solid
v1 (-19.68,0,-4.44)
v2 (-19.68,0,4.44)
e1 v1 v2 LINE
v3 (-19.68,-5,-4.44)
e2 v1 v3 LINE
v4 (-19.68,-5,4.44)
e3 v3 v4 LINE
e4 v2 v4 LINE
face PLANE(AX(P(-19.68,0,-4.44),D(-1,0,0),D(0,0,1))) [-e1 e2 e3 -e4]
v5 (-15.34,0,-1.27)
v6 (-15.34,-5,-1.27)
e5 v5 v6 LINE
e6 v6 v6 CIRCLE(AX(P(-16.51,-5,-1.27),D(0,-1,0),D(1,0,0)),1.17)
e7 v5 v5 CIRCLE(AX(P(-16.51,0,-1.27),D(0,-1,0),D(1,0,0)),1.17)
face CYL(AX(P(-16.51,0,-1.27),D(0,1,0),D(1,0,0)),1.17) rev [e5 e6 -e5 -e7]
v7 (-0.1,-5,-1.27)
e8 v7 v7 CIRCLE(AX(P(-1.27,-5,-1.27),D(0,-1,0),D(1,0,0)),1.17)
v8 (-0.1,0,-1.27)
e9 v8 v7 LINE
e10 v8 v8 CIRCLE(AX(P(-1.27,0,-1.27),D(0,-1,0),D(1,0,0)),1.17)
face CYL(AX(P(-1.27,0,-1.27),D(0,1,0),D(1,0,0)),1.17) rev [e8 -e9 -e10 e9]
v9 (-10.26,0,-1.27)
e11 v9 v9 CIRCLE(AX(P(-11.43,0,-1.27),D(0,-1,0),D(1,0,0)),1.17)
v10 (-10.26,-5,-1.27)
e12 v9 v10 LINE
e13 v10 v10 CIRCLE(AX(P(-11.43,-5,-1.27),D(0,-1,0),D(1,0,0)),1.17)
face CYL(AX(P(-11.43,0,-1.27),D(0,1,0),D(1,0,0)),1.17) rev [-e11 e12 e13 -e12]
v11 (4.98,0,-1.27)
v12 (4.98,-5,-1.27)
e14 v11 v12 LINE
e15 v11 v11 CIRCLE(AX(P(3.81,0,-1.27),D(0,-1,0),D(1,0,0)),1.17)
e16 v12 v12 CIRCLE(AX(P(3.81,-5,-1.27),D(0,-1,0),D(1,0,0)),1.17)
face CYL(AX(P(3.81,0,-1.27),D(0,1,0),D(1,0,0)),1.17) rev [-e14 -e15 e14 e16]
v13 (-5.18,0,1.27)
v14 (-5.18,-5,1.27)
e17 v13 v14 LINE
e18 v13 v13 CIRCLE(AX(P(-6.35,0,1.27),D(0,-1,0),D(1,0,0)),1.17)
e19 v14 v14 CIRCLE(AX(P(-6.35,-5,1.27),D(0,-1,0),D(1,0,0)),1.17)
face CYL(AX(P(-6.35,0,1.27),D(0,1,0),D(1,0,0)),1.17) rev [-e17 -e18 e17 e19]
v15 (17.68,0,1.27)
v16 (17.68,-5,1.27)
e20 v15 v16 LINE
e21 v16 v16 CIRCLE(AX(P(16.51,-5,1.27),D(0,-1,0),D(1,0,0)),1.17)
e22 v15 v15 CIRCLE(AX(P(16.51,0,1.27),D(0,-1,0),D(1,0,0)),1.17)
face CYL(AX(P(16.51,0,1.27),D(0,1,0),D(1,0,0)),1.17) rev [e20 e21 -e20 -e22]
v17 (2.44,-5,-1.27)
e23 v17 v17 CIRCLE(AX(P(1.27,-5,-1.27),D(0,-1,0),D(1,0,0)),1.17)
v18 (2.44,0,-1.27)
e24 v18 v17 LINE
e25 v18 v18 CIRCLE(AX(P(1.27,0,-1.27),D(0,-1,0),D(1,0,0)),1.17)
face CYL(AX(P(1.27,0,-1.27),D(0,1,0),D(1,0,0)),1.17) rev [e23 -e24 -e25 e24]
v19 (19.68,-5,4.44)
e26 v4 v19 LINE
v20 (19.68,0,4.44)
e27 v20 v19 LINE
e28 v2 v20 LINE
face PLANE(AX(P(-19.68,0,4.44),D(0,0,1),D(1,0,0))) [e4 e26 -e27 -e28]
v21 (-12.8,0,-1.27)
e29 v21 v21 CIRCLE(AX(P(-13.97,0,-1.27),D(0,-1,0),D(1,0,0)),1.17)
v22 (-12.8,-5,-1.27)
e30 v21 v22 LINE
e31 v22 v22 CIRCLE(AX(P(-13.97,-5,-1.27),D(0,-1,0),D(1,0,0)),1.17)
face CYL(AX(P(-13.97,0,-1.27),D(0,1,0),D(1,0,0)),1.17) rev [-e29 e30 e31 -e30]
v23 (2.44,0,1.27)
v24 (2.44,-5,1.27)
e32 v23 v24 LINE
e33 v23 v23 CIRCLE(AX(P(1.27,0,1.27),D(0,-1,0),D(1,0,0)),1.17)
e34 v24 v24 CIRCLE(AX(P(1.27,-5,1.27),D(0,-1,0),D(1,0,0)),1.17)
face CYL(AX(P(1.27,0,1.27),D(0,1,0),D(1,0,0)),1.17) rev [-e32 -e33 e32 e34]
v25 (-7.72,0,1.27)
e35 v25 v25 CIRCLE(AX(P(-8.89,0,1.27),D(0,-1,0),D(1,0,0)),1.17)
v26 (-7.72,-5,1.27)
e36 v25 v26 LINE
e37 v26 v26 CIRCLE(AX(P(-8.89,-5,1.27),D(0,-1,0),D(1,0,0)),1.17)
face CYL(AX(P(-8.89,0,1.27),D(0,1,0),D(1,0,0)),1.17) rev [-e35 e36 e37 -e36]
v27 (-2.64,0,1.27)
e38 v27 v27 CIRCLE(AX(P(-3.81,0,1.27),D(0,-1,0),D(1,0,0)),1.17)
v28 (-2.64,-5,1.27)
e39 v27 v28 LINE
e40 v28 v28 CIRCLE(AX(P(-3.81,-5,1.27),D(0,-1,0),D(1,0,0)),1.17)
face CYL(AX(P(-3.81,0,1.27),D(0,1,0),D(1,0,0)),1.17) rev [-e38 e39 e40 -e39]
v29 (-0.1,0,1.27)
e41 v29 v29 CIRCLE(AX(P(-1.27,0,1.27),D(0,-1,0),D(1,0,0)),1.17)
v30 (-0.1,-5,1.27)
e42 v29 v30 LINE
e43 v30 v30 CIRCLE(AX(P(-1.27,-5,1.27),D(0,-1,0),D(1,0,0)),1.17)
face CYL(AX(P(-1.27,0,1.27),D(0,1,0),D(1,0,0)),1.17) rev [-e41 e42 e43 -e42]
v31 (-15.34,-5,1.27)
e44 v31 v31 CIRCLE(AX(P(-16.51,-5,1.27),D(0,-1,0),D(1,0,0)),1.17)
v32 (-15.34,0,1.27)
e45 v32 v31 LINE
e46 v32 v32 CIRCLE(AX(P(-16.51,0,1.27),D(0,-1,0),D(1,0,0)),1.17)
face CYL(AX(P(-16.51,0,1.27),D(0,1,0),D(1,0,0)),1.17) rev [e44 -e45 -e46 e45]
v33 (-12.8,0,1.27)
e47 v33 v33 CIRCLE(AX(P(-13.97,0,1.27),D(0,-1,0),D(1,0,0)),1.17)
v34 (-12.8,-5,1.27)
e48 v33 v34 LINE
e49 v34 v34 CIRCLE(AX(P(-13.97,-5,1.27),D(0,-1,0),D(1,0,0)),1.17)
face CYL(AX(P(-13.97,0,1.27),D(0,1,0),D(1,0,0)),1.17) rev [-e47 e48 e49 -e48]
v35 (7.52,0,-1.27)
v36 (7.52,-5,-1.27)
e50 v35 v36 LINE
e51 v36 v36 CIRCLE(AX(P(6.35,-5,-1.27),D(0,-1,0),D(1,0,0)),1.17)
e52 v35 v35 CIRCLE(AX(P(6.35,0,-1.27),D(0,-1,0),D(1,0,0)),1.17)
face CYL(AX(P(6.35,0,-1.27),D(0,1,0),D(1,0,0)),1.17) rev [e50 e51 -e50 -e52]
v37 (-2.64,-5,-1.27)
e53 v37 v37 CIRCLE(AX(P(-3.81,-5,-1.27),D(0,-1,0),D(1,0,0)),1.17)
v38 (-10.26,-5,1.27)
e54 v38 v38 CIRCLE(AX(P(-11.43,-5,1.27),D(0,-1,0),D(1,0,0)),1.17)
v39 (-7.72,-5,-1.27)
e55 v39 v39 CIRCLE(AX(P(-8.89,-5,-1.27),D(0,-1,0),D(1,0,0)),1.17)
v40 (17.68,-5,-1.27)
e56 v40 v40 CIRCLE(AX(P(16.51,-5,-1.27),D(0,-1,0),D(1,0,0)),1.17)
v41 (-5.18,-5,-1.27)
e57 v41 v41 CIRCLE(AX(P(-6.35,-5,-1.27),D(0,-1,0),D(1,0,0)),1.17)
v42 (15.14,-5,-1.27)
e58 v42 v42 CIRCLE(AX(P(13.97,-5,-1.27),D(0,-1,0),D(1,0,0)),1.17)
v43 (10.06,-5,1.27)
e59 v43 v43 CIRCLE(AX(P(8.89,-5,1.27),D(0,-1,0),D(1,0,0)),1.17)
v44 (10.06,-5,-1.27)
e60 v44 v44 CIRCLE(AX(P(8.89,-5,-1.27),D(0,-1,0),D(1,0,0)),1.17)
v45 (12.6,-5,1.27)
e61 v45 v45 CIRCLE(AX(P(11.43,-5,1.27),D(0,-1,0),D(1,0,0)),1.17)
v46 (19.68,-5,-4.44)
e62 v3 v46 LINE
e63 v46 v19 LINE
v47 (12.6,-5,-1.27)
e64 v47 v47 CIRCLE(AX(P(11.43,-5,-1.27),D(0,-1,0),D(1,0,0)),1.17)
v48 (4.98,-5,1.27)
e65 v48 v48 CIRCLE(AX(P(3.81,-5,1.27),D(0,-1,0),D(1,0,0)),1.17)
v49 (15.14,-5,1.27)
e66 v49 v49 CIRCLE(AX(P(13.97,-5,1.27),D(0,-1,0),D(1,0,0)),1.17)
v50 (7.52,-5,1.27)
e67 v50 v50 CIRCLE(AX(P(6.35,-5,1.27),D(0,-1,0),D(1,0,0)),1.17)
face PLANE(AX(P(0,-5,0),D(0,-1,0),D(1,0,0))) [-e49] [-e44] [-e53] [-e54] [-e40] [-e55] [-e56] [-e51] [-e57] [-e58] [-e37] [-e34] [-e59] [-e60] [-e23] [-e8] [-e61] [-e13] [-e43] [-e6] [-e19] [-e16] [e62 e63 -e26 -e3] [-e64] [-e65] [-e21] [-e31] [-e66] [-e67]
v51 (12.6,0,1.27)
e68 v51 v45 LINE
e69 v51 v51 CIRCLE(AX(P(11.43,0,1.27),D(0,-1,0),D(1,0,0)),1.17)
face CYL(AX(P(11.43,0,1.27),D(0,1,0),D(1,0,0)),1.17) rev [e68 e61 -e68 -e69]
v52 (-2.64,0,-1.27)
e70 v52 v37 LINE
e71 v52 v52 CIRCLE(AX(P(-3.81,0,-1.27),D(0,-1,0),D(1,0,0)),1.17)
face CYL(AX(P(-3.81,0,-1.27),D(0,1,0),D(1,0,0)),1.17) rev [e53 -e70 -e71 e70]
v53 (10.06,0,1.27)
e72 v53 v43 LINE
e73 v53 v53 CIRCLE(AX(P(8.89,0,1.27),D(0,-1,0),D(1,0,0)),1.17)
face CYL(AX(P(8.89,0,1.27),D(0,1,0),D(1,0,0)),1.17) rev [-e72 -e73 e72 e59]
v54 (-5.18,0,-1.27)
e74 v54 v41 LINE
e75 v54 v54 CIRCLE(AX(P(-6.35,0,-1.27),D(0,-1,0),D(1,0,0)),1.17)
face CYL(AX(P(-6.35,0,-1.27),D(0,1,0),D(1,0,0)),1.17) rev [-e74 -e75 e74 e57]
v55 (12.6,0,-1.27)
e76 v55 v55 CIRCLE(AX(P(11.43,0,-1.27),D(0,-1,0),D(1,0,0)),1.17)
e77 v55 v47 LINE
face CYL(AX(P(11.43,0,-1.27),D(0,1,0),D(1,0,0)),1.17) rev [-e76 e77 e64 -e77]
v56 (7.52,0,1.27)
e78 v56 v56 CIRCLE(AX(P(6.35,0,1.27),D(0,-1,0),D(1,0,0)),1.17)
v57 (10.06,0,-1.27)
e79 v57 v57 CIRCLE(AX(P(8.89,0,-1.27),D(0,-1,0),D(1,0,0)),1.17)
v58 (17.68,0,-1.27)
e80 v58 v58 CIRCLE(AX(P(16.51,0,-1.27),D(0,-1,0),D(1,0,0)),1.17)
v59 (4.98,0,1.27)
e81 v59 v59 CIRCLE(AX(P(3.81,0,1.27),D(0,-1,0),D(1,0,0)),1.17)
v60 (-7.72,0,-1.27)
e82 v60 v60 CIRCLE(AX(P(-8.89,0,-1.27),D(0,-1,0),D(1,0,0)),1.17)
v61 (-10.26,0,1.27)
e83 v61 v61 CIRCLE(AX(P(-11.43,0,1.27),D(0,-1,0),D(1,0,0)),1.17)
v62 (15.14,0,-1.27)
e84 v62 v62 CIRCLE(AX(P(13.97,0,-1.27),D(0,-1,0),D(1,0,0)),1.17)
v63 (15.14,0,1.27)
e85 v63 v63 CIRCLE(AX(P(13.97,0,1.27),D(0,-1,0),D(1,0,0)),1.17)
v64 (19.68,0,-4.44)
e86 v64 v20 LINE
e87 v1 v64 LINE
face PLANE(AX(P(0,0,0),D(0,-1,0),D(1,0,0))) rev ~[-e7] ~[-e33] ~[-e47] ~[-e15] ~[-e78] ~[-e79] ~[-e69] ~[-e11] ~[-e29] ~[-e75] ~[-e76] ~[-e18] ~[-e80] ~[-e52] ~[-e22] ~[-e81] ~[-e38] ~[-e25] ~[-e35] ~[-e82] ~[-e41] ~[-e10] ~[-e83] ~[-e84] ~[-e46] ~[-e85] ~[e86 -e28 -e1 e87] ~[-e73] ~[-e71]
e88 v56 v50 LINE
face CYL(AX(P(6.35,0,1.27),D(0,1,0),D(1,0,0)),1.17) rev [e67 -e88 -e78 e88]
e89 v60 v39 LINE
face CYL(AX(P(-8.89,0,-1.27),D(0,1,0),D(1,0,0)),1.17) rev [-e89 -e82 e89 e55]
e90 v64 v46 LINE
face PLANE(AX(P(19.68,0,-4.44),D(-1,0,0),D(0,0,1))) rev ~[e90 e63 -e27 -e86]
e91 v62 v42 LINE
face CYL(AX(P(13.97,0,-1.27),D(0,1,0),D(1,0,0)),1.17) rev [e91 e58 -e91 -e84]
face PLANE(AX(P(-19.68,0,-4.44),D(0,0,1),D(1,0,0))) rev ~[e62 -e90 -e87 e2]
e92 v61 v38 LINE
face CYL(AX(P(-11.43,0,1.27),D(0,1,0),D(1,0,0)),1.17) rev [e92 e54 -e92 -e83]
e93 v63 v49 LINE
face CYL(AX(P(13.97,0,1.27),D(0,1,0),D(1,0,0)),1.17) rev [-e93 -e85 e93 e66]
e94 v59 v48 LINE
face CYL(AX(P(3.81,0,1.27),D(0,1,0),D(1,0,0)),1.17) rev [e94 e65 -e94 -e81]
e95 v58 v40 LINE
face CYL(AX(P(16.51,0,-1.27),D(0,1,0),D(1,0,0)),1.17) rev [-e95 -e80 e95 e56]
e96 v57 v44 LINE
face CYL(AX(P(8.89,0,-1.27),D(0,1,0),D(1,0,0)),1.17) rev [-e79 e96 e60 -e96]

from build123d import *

# Parameters (mm, degrees)
F0_W     = 39.36
F0_H     = 8.88
F0_R     = 1.17
F1_DEPTH = 5


with BuildPart() as f1:
    # F0 (on Front) → F1 (new body)
    with BuildSketch(Plane.XZ):
        Rectangle(F0_W, F0_H)
        with Locations((-16.51, -1.27)):
            Circle(F0_R, mode=Mode.SUBTRACT)
        with Locations((-13.97, -1.27)):
            Circle(F0_R, mode=Mode.SUBTRACT)
        with Locations((-11.43, -1.27)):
            Circle(F0_R, mode=Mode.SUBTRACT)
        with Locations((-8.89, -1.27)):
            Circle(F0_R, mode=Mode.SUBTRACT)
        with Locations((-6.35, -1.27)):
            Circle(F0_R, mode=Mode.SUBTRACT)
        with Locations((-3.81, -1.27)):
            Circle(F0_R, mode=Mode.SUBTRACT)
        with Locations((-1.27, -1.27)):
            Circle(F0_R, mode=Mode.SUBTRACT)
        with Locations((1.27, -1.27)):
            Circle(F0_R, mode=Mode.SUBTRACT)
        with Locations((3.81, -1.27)):
            Circle(F0_R, mode=Mode.SUBTRACT)
        with Locations((6.35, -1.27)):
            Circle(F0_R, mode=Mode.SUBTRACT)
        with Locations((8.89, -1.27)):
            Circle(F0_R, mode=Mode.SUBTRACT)
        with Locations((11.43, -1.27)):
            Circle(F0_R, mode=Mode.SUBTRACT)
        with Locations((13.97, -1.27)):
            Circle(F0_R, mode=Mode.SUBTRACT)
        with Locations((16.51, -1.27)):
            Circle(F0_R, mode=Mode.SUBTRACT)
        with Locations((-16.51, 1.27)):
            Circle(F0_R, mode=Mode.SUBTRACT)
        with Locations((-13.97, 1.27)):
            Circle(F0_R, mode=Mode.SUBTRACT)
        with Locations((-11.43, 1.27)):
            Circle(F0_R, mode=Mode.SUBTRACT)
        with Locations((-8.89, 1.27)):
            Circle(F0_R, mode=Mode.SUBTRACT)
        with Locations((-6.35, 1.27)):
            Circle(F0_R, mode=Mode.SUBTRACT)
        with Locations((-3.81, 1.27)):
            Circle(F0_R, mode=Mode.SUBTRACT)
        with Locations((-1.27, 1.27)):
            Circle(F0_R, mode=Mode.SUBTRACT)
        with Locations((1.27, 1.27)):
            Circle(F0_R, mode=Mode.SUBTRACT)
        with Locations((3.81, 1.27)):
            Circle(F0_R, mode=Mode.SUBTRACT)
        with Locations((6.35, 1.27)):
            Circle(F0_R, mode=Mode.SUBTRACT)
        with Locations((8.89, 1.27)):
            Circle(F0_R, mode=Mode.SUBTRACT)
        with Locations((11.43, 1.27)):
            Circle(F0_R, mode=Mode.SUBTRACT)
        with Locations((13.97, 1.27)):
            Circle(F0_R, mode=Mode.SUBTRACT)
        with Locations((16.51, 1.27)):
            Circle(F0_R, mode=Mode.SUBTRACT)
    extrude(amount=F1_DEPTH)


solid = f1.part
